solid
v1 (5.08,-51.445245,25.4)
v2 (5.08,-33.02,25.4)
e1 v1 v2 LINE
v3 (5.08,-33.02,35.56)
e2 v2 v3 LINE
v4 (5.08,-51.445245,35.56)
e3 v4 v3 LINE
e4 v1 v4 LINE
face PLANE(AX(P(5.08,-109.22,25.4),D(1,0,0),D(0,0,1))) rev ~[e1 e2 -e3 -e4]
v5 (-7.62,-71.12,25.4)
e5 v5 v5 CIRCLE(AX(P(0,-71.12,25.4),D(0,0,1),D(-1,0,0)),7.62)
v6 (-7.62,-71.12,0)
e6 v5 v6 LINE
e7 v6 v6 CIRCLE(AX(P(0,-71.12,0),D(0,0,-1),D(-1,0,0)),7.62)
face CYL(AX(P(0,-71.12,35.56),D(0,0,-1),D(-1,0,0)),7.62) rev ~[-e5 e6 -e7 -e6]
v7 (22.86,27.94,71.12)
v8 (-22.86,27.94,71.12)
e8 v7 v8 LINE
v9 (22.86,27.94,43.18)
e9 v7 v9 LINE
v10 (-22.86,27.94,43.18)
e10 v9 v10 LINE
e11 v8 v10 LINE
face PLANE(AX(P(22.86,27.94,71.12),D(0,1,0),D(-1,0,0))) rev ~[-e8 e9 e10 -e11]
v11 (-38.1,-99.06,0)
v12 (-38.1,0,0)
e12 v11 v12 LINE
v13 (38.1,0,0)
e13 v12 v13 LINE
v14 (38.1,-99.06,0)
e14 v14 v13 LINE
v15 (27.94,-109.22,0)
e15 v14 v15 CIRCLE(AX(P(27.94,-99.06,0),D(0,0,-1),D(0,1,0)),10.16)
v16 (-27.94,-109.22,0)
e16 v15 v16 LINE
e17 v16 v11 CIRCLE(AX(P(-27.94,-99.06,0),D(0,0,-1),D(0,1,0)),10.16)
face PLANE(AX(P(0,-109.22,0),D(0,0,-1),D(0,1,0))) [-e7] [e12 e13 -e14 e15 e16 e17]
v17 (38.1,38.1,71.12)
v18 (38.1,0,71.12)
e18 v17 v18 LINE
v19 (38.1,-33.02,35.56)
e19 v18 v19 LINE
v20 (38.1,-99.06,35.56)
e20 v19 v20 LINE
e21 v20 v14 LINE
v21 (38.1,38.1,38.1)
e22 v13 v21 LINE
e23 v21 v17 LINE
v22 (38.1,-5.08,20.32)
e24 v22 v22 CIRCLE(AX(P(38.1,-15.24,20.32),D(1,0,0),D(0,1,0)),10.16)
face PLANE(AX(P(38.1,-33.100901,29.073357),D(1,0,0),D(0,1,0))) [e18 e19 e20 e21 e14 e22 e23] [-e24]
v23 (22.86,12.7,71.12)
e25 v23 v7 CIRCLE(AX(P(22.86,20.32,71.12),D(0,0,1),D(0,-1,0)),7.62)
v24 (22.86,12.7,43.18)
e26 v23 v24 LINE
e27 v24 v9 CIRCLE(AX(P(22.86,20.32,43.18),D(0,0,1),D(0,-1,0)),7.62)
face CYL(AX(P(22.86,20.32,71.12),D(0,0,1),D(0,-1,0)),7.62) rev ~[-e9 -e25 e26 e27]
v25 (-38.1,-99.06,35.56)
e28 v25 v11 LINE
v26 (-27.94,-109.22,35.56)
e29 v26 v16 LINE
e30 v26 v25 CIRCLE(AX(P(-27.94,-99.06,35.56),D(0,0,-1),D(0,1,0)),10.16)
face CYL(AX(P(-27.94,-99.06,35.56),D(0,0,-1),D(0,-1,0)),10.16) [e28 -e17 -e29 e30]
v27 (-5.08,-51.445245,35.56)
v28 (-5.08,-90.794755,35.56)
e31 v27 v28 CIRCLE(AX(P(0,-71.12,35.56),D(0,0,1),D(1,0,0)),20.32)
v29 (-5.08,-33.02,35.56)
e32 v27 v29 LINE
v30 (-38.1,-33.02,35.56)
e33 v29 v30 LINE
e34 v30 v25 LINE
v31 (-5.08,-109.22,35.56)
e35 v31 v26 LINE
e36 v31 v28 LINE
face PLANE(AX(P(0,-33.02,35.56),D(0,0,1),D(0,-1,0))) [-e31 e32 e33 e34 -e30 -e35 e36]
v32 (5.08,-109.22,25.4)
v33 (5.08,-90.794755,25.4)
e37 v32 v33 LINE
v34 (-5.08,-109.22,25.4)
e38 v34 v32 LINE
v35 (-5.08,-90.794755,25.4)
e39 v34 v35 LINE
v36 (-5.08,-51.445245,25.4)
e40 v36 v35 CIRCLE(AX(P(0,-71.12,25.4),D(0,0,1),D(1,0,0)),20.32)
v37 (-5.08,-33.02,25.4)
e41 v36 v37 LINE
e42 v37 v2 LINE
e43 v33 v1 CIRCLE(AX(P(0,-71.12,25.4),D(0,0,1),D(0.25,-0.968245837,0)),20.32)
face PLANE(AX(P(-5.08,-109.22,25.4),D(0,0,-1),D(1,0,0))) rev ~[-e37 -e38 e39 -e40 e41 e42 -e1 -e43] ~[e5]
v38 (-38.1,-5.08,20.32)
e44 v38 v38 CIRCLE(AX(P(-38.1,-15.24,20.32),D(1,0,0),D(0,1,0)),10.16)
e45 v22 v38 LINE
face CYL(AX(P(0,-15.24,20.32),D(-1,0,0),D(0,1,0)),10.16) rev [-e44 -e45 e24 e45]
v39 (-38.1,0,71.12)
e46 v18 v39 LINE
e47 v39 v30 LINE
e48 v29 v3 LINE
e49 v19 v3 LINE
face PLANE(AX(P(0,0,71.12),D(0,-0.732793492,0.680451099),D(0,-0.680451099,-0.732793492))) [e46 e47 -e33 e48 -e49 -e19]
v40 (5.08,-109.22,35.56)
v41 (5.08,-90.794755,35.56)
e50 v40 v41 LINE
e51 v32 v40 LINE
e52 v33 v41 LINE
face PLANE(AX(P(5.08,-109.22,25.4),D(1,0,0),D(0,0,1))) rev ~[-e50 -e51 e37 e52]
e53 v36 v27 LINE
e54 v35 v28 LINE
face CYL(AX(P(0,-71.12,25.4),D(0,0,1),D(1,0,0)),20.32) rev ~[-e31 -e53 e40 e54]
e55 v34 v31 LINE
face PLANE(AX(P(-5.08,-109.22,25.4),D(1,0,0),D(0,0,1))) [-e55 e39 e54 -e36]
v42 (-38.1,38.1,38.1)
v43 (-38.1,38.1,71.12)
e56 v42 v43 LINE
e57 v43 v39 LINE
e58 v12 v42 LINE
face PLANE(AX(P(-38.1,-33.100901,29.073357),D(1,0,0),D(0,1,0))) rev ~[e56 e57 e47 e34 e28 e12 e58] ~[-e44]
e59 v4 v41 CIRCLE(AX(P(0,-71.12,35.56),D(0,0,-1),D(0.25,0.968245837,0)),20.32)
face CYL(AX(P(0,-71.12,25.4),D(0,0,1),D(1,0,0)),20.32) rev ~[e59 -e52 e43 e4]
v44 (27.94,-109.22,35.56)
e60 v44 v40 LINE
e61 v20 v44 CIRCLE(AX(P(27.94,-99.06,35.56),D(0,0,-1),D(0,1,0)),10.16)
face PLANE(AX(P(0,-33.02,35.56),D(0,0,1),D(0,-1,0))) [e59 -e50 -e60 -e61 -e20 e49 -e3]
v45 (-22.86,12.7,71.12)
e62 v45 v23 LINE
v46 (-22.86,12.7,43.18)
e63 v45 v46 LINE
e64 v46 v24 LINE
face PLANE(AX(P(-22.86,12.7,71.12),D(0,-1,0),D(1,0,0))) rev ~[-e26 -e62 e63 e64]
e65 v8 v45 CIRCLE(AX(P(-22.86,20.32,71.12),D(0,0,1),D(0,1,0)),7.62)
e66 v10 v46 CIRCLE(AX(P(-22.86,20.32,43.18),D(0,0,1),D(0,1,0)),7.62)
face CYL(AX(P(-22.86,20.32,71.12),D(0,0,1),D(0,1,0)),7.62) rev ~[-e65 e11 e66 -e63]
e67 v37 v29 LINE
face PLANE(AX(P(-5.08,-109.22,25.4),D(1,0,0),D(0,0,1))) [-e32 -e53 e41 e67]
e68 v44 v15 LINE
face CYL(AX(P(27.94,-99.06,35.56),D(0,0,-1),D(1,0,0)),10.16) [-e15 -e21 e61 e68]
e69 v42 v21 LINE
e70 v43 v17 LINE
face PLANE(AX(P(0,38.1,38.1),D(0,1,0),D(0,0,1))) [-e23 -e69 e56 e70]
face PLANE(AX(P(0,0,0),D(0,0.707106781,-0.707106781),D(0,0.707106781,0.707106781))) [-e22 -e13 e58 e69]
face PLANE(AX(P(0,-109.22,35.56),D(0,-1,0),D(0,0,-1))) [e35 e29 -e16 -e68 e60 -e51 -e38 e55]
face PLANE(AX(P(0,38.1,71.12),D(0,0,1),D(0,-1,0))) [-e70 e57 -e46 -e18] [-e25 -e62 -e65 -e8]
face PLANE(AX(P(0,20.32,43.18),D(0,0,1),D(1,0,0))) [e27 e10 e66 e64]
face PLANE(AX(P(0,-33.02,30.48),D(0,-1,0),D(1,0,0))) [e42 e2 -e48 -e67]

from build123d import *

# Parameters (mm, degrees)
F0_R           = 10.16
F1_DEPTH       = 38.1
F3_DEPTH       = 27.94
F6_D           = 15.24
F6_CBORE_D     = 40.64
F6_CBORE_DEPTH = 10.16
F4_W           = 10.16
F4_H           = 10.16
F7_DEPTH       = 76.2
F8_R           = 10.16


with BuildPart() as f1:
    # F0 (on Right) → F1 (new body, symmetric)
    with BuildSketch(Plane.YZ):
        Polygon((-109.22, 0), (0, 0), (38.1, 38.1), (38.1, 71.12), (0, 71.12), (-33.02, 35.56), (-109.22, 35.56), align=None)
        with Locations((-15.24, 20.32)):
            Circle(F0_R, mode=Mode.SUBTRACT)
    extrude(amount=F1_DEPTH, both=True)

    # F2 (on face) → F3 (cut)
    with BuildSketch(Plane.XY.offset(71.12)):
        with BuildLine():
            Line((22.86, 27.94), (-22.86, 27.94))
            ThreePointArc((-22.86, 27.94), (-30.48, 20.32), (-22.86, 12.7))
            Line((-22.86, 12.7), (22.86, 12.7))
            ThreePointArc((22.86, 12.7), (30.48, 20.32), (22.86, 27.94))
        make_face()
    extrude(amount=-F3_DEPTH, mode=Mode.SUBTRACT)

    # F6 (through all)
    with Locations(Plane.XY.offset(35.56)):
        with Locations((0, -71.12)):
            CounterBoreHole(F6_D / 2, F6_CBORE_D / 2, F6_CBORE_DEPTH)

    # F4 (on face) → F7 (cut)
    with BuildSketch(Plane.XZ.offset(109.22)):
        with Locations((0, 30.48)):
            Rectangle(F4_W, F4_H)
    extrude(amount=-F7_DEPTH, mode=Mode.SUBTRACT)

    # F8
    f8_edges = [f1.edges().sort_by_distance(p)[0] for p in [
        (-38.1, -109.22, 17.78),
        (38.1, -109.22, 17.78),
    ]]
    fillet(f8_edges, radius=F8_R)


solid = f1.part
